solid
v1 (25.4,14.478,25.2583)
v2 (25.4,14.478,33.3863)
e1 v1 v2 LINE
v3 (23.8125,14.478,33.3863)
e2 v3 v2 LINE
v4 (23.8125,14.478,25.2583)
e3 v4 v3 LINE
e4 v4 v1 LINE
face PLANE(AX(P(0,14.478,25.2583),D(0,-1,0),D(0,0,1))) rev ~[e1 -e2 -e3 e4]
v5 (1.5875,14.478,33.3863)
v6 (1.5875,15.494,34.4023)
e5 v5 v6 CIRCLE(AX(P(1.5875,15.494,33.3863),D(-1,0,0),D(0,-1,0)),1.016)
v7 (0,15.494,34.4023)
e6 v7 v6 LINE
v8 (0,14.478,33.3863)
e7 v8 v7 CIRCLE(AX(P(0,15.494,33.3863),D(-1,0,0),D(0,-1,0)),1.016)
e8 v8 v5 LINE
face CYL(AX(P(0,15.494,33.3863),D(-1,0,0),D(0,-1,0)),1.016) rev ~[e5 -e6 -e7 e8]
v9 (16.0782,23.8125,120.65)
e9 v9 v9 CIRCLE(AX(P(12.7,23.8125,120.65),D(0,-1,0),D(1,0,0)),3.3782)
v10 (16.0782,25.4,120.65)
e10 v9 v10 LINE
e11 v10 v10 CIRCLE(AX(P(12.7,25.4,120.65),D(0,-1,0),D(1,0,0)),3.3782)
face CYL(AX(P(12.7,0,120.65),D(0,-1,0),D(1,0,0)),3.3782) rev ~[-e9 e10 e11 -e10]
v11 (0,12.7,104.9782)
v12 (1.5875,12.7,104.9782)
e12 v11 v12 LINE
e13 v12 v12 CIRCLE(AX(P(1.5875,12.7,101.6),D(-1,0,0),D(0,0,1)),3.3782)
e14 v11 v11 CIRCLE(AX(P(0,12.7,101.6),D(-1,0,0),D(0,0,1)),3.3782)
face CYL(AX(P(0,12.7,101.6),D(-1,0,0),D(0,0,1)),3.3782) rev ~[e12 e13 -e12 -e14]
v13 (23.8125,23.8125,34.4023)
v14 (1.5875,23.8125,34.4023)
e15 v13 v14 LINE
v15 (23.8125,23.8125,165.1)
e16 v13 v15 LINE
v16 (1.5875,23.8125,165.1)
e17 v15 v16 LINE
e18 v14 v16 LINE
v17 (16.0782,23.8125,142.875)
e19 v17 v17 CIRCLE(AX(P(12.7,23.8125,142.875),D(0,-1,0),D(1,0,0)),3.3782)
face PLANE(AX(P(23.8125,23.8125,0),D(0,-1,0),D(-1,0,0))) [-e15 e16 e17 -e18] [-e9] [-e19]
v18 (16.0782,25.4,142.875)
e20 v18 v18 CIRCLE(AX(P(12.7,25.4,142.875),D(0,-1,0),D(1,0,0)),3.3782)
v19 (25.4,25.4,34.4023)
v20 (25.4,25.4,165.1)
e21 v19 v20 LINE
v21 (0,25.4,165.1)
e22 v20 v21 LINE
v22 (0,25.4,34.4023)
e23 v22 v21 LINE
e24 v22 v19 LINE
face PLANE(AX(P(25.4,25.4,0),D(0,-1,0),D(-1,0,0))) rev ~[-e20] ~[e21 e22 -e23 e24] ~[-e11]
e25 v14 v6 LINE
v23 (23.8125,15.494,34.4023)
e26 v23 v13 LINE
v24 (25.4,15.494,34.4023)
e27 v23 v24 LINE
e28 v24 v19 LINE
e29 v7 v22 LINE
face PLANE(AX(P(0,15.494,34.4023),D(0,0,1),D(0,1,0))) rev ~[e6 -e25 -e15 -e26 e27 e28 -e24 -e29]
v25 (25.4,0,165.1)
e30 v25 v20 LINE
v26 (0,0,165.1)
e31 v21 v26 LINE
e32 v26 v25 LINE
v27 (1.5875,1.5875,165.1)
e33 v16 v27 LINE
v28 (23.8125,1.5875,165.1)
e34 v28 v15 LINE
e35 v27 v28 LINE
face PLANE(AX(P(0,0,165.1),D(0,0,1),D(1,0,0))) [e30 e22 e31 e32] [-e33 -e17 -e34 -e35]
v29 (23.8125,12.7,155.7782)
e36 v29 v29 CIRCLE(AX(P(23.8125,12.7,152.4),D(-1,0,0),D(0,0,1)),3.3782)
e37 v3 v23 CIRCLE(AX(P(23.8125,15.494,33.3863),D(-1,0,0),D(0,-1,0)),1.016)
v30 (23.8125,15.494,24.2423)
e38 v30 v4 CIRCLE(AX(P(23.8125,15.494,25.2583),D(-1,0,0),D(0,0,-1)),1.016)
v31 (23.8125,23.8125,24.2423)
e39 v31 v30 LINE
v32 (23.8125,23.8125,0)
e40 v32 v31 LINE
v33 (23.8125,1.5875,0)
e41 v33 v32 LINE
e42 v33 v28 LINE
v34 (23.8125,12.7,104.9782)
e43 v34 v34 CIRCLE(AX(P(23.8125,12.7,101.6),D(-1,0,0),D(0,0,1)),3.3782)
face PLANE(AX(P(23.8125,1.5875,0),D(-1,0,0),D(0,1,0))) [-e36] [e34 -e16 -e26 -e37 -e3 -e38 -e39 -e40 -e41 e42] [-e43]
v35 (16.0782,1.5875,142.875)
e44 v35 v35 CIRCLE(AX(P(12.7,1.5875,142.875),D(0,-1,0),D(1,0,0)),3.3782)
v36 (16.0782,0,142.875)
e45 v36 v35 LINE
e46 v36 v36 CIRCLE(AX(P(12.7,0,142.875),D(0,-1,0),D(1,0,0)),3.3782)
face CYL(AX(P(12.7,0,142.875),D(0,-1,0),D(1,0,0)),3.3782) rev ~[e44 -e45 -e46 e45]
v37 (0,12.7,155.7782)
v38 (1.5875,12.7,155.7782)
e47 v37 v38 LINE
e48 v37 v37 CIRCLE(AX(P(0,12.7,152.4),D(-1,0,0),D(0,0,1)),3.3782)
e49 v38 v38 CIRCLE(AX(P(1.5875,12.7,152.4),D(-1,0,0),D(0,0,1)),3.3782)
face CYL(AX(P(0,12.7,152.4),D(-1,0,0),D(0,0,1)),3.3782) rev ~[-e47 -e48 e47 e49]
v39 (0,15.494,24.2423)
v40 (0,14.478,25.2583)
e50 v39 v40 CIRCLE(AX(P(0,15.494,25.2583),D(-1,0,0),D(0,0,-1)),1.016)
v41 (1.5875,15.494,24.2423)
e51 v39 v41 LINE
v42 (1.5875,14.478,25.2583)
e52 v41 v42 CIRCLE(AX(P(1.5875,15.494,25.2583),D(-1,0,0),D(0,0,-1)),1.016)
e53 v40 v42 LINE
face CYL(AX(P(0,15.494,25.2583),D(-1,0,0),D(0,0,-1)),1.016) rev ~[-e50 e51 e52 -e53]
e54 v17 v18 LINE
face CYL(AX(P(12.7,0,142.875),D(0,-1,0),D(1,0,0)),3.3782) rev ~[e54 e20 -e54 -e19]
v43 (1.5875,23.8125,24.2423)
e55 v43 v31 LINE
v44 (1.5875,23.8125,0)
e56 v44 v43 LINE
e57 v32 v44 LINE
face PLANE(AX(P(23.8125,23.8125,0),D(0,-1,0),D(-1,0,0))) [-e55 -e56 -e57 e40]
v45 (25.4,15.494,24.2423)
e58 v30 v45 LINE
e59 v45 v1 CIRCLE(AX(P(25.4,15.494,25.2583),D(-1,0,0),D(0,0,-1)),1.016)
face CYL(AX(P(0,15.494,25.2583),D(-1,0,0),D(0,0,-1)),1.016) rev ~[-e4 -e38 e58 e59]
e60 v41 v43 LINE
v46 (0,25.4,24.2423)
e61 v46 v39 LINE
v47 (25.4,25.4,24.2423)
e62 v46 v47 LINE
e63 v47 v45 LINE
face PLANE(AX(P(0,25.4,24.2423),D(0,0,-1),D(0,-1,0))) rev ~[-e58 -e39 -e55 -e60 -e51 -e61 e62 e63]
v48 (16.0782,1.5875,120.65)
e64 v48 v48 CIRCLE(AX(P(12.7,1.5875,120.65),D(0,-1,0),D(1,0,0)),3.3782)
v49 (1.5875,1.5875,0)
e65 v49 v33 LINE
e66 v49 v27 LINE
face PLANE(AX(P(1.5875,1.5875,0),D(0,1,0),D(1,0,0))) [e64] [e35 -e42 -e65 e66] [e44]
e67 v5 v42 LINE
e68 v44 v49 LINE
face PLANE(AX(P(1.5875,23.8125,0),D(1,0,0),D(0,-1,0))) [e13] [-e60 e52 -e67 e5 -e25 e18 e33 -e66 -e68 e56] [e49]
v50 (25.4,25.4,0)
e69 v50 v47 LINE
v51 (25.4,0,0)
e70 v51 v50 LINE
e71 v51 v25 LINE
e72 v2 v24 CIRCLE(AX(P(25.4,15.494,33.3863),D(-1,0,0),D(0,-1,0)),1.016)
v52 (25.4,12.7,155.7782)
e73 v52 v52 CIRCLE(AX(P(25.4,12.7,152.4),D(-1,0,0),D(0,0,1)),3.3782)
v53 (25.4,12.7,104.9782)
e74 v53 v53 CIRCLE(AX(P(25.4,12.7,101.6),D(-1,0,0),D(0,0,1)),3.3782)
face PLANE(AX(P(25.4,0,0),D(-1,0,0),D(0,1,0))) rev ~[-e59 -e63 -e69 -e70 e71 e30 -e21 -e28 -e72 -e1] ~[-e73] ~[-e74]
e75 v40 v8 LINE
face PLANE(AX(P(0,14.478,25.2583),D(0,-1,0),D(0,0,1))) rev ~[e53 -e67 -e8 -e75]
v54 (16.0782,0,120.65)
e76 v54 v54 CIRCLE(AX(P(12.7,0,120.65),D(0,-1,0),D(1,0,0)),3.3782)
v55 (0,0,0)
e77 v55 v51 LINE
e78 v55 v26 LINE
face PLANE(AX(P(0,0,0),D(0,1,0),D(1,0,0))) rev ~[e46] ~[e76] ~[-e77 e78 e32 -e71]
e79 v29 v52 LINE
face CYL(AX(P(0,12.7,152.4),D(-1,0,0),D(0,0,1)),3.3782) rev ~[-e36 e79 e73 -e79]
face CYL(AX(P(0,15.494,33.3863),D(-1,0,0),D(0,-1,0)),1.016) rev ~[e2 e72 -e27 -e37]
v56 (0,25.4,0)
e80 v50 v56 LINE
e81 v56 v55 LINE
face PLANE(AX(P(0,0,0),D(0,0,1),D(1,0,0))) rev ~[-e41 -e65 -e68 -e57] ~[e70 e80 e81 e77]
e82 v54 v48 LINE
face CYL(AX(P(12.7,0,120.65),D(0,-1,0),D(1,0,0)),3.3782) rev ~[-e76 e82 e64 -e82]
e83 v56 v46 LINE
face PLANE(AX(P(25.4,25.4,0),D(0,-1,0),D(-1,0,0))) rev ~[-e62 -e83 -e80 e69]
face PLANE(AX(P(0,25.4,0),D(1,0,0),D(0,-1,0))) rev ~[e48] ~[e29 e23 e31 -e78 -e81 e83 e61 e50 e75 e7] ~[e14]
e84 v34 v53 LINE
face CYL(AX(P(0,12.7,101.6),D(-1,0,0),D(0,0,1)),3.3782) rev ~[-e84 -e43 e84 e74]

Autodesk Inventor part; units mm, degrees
ref_plane "YZ Plane" through (0, 0, 0) normal (1, 0, 0) x (0, 1, 0)
ref_plane "XZ Plane" through (0, 0, 0) normal (0, 1, 0) x (-1, 0, 0)
ref_plane "XY Plane" through (0, 0, 0) normal (0, 0, 1) x (1, 0, 0)
sketch "Sketch1" plane through (0, 0, 0) normal (0, 0, 1) x (1, 0, 0)
  line L0 (0, 0) -> (25.4, 0)
  line L1 (25.4, 0) -> (25.4, 25.4)
  line L2 (25.4, 25.4) -> (0, 25.4)
  line L3 (0, 25.4) -> (0, 0)
  line L4 (1.5875, 1.5875) -> (23.8125, 1.5875)
  line L5 (23.8125, 1.5875) -> (23.8125, 23.8125)
  line L6 (23.8125, 23.8125) -> (1.5875, 23.8125)
  line L7 (1.5875, 23.8125) -> (1.5875, 1.5875)
  dimension "d0" = 25.4
  dimension "d1" = 25.4
  dimension "d2" = 1.5875
extrude "Extrusion1" add sketch "Sketch1" along normal blind 165.1
sketch "Sketch2" plane through (0, 0, 0) normal (-1, 0, 0) x (0, 0, 1)
  arc A0 (33.3863, 14.478) -> (34.4023, 15.494) centre (33.3863, 15.494) ccw projected
  line L0 (34.4023, 15.494) -> (34.4023, 25.4) projected
  line L1 (34.4023, 25.4) -> (24.2423, 25.4) projected
  line L2 (24.2423, 25.4) -> (24.2423, 15.494) projected
  arc A1 (24.2423, 15.494) -> (25.2583, 14.478) centre (25.2583, 15.494) ccw projected
  line L3 (25.2583, 14.478) -> (33.3863, 14.478) projected
  circle A2 centre (29.3223, 19.05) radius 4.0005 projected
extrude "Extrusion2" cut sketch "Sketch2" against normal blind 25.4 contours L3 A1 L2 L1 L0 A0 | A2
sketch "Sketch3" plane through (0, 0, 0) normal (0, -1, 0) x (1, 0, 0)
  circle A0 centre (12.7, 142.875) radius 3.3782 projected
  circle A1 centre (12.7, 120.65) radius 3.3782 projected
extrude "Extrusion3" cut sketch "Sketch3" against normal blind 25.4
sketch "Sketch4" plane through (0, 0, 0) normal (-1, 0, 0) x (0, 0, 1)
  circle A0 centre (152.4, 12.7) radius 3.3782 projected
  circle A1 centre (101.6, 12.7) radius 3.3782 projected
extrude "Extrusion4" cut sketch "Sketch4" against normal blind 25.4
properties part number "Camera Traffic Light Mount" material "Acetal Resin, White"
